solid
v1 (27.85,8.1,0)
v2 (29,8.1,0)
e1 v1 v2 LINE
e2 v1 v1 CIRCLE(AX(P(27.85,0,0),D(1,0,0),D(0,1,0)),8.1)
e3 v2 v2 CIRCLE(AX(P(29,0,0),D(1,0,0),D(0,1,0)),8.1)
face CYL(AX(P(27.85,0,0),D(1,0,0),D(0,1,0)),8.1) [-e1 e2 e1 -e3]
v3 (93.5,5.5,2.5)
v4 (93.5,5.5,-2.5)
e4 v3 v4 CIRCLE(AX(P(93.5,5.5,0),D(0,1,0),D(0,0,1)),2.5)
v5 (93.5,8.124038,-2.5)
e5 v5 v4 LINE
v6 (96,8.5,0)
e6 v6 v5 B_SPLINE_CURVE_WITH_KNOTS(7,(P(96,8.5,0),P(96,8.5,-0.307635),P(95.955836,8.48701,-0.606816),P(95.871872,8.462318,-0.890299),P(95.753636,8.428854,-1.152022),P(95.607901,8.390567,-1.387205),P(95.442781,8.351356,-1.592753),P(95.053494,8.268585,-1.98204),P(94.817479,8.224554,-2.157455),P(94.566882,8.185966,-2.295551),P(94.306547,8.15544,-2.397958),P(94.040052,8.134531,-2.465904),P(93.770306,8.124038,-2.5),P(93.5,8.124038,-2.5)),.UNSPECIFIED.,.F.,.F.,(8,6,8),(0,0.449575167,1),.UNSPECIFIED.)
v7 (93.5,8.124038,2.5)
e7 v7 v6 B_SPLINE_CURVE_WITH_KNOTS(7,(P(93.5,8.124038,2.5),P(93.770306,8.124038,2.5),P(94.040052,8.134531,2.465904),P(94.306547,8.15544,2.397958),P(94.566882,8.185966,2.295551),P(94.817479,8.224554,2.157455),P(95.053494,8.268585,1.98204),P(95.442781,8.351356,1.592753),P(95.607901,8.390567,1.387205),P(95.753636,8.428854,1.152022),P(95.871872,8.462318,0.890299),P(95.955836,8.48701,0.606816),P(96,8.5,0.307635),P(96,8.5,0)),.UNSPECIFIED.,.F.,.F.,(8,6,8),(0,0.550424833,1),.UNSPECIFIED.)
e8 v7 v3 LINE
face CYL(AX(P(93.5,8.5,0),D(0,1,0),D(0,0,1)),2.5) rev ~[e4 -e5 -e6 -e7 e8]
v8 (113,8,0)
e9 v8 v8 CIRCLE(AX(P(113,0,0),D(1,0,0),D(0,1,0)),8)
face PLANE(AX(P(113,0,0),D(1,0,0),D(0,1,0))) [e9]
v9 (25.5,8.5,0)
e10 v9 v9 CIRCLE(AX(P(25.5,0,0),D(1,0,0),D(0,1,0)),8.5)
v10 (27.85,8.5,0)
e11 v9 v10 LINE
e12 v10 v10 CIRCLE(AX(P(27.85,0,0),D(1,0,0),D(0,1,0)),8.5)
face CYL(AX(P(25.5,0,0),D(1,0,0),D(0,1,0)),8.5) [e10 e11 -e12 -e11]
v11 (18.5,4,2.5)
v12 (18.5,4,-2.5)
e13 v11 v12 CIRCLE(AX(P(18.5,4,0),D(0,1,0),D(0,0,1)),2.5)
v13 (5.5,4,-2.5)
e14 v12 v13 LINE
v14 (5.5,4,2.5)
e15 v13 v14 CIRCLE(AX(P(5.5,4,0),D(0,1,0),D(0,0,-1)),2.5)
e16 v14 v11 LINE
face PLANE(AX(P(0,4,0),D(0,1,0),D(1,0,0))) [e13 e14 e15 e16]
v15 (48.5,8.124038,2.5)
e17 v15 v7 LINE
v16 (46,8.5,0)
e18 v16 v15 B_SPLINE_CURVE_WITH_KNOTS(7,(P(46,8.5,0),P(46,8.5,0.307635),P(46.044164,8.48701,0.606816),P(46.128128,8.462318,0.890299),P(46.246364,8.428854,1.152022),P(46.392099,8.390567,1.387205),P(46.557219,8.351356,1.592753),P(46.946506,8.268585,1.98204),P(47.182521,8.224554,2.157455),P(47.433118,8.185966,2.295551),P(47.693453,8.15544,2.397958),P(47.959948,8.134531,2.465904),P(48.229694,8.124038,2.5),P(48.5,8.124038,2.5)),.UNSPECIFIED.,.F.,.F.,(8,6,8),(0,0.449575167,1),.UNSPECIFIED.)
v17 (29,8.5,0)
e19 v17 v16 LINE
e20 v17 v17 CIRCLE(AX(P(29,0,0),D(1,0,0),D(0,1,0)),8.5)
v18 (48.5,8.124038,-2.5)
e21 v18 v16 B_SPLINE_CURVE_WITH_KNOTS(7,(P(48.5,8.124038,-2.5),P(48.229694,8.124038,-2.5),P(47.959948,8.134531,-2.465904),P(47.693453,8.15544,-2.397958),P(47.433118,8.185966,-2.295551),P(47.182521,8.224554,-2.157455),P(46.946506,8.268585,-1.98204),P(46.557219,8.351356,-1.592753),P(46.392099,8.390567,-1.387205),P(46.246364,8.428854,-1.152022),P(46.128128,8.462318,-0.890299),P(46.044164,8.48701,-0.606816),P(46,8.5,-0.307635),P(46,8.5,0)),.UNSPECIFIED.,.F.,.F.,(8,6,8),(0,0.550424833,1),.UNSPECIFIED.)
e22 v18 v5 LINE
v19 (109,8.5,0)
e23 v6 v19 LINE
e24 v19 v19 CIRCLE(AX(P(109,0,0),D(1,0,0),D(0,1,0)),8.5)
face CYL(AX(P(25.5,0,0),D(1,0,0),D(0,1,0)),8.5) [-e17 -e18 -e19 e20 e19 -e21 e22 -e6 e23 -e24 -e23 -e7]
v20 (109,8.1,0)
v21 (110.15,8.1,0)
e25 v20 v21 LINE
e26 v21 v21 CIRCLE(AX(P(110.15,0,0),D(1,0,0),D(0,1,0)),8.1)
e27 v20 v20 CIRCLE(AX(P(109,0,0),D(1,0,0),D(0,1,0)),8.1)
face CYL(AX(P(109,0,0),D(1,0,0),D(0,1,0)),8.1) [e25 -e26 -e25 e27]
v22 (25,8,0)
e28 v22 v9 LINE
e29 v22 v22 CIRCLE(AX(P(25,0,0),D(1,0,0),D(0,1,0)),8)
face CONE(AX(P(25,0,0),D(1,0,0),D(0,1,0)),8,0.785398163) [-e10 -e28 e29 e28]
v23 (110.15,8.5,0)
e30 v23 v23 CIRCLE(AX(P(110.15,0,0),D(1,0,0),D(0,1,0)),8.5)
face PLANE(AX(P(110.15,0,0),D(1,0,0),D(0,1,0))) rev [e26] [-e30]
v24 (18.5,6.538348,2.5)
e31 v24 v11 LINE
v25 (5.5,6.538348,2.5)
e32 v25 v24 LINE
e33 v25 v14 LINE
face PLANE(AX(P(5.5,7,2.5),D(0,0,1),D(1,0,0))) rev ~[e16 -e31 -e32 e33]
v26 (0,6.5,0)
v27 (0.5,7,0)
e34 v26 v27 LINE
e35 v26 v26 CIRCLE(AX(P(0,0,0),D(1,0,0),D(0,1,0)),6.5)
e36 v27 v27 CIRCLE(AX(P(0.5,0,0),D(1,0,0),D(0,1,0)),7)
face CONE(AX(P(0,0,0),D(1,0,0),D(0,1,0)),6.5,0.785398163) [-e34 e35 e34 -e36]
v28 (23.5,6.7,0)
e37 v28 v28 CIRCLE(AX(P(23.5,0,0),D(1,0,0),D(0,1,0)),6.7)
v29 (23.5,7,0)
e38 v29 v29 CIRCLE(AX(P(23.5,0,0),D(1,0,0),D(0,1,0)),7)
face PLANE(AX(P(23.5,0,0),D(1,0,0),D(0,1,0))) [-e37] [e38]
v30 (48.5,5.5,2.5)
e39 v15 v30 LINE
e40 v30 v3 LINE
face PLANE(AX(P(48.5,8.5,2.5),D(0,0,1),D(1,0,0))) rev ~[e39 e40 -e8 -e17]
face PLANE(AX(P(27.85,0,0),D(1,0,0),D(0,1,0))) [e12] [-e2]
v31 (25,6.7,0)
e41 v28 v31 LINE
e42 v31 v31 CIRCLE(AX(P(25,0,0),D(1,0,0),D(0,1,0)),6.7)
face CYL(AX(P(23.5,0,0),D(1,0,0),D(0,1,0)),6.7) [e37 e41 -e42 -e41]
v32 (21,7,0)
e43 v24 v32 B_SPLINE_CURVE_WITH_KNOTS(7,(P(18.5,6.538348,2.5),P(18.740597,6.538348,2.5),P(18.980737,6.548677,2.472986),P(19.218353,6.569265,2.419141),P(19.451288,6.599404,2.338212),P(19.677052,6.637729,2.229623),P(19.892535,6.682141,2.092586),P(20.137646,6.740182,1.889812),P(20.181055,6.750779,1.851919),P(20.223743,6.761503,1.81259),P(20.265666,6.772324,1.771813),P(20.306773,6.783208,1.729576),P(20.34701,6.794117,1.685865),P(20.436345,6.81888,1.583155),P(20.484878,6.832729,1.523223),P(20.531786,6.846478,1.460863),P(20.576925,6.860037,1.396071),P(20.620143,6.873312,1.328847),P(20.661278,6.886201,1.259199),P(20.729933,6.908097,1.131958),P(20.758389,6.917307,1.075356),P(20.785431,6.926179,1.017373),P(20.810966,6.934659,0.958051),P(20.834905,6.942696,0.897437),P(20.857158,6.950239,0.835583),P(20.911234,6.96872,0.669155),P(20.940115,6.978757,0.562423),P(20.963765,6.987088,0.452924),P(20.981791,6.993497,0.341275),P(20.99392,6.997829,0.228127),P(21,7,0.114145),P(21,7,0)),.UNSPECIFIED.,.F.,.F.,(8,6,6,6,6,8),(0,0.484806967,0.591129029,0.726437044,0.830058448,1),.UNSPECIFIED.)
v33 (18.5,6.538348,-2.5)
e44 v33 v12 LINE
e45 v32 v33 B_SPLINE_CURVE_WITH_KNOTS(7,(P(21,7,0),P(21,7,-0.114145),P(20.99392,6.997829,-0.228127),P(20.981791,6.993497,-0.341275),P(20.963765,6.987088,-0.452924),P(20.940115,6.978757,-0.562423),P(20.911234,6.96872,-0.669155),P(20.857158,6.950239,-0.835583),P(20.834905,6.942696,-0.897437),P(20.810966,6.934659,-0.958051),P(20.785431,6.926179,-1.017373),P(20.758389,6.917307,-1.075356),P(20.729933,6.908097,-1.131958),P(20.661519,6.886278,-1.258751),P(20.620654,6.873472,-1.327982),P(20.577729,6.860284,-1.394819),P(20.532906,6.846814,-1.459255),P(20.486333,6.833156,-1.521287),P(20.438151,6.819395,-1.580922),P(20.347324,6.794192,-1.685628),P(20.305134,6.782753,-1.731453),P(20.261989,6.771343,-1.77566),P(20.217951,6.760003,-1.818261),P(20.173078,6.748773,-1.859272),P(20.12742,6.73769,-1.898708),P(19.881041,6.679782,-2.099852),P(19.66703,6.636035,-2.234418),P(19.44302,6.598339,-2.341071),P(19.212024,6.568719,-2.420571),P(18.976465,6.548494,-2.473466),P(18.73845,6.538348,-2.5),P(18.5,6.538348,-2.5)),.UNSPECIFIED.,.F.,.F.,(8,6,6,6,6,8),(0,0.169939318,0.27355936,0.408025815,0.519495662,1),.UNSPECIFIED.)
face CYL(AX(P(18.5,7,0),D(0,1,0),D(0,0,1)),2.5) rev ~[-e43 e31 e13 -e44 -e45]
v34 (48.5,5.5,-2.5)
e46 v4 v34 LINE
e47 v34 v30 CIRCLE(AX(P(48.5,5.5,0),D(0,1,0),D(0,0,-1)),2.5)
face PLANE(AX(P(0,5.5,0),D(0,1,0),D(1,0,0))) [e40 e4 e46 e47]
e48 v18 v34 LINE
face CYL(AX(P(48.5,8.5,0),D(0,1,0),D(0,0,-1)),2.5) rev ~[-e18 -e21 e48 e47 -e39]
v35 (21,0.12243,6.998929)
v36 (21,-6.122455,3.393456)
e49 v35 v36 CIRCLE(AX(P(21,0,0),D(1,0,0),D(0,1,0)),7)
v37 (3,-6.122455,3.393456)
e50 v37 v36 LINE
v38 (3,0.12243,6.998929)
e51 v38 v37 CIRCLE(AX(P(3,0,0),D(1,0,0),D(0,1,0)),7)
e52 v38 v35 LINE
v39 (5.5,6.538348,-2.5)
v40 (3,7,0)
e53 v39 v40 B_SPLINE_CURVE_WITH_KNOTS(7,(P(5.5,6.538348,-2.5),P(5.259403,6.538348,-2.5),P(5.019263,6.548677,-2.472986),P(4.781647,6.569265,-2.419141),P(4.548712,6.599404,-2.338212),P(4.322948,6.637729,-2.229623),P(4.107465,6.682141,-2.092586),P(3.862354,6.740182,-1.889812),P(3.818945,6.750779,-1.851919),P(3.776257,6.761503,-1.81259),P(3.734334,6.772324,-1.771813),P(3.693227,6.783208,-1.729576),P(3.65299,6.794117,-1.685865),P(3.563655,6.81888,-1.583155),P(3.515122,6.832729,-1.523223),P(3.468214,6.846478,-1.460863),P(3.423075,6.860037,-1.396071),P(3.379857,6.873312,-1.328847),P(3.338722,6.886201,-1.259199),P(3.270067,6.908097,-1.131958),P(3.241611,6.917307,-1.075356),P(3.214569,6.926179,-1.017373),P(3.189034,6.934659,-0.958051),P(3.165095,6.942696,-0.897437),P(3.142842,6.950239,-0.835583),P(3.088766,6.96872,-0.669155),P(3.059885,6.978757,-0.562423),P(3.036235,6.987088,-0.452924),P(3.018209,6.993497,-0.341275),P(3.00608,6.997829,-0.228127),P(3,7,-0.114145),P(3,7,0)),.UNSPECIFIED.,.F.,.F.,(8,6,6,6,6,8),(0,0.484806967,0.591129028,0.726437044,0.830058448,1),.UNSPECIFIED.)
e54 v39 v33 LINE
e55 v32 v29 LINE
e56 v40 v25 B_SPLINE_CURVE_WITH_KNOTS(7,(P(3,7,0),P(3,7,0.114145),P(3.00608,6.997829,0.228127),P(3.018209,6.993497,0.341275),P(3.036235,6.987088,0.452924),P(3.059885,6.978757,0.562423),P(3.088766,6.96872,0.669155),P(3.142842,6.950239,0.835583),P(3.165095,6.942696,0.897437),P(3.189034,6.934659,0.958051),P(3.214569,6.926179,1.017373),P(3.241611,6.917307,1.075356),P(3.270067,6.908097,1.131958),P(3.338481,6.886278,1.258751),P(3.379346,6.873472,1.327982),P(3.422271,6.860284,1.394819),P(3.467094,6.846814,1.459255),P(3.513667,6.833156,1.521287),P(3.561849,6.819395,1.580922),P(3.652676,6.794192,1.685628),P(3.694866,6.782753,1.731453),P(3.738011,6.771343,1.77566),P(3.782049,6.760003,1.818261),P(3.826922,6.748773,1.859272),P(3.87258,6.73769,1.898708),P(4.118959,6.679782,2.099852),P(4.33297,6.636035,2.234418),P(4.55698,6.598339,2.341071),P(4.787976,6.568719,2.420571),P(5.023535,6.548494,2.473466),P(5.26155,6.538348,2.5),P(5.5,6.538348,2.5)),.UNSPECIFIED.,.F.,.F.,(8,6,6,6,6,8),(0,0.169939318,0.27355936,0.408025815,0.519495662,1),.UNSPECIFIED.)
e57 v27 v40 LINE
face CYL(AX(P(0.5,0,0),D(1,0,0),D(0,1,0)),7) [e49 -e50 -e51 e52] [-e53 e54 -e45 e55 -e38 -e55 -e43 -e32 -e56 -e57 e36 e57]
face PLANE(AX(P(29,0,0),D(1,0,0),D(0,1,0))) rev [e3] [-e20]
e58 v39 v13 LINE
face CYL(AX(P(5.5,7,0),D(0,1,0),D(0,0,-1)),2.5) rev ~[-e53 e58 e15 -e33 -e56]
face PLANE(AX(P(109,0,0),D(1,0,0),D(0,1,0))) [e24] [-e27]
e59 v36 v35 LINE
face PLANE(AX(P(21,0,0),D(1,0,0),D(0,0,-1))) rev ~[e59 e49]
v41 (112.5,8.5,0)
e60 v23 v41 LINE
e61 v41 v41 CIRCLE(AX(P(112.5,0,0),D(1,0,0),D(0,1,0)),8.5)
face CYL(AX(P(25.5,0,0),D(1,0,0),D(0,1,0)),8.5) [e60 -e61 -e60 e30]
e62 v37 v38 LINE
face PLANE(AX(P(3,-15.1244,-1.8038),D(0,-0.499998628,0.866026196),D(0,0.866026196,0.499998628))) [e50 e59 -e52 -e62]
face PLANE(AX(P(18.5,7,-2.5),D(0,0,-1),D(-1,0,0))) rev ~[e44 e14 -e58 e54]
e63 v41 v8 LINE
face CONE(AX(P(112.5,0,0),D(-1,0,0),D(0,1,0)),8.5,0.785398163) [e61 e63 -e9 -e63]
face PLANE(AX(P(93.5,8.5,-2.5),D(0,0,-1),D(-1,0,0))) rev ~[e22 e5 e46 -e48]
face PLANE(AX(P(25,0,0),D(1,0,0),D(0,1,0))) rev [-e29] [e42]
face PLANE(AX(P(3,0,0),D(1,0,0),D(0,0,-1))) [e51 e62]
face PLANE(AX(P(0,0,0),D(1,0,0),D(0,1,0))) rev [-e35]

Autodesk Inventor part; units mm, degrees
sketch "Sketch_1" plane through (0, 0, 0) normal (0, 0, 1) x (1, 0, 0)
  line L0 (113, 0) -> (0, 0)
  line L1 (0, 0) -> (0, 6.5)
  line L2 (0, 6.5) -> (0.5, 7)
  line L3 (0.5, 7) -> (25, 7)
  line L4 (25, 7) -> (25, 8)
  line L5 (25, 8) -> (25.5, 8.5)
  line L6 (25.5, 8.5) -> (112.5, 8.5)
  line L7 (112.5, 8.5) -> (113, 8)
  line L8 (113, 8) -> (113, 0)
  line L9 (113, 0) -> (0, 0)
revolve "Revolution1" add sketch "Sketch_1" angle 360 about axis through (113, 0, 0) along (1, 0, 0)
sketch "Sketch_2" plane through (0, 0, 0) normal (0, 0, 1) x (1, 0, 0)
  line L0 (50, 0) -> (-50, 0)
  line L1 (23.5, 21) -> (23.5, 6.7)
  line L2 (23.5, 6.7) -> (25, 6.7)
  line L3 (25, 6.7) -> (25, 21)
  line L4 (25, 21) -> (23.5, 21)
revolve "Revolution2" cut sketch "Sketch_2" angle 360 about axis through (50, 0, 0) along (1, 0, 0)
sketch "Sketch_15" plane through (0, 0, 0) normal (0, 0, 1) x (1, 0, 0)
  line L0 (50, 0) -> (-50, 0)
  line L1 (27.85, 25.1) -> (27.85, 8.1)
  line L2 (27.85, 8.1) -> (29, 8.1)
  line L3 (29, 8.1) -> (29, 25.1)
  line L4 (29, 25.1) -> (27.85, 25.1)
revolve "Revolution3" cut sketch "Sketch_15" angle 360 about axis through (50, 0, 0) along (1, 0, 0)
sketch "Sketch_16" plane through (0, 0, 0) normal (0, 0, 1) x (1, 0, 0)
  line L0 (113, 0) -> (-50, 0)
  line L1 (109, 25.1) -> (109, 8.1)
  line L2 (109, 8.1) -> (110.15, 8.1)
  line L3 (110.15, 8.1) -> (110.15, 25.1)
  line L4 (110.15, 25.1) -> (109, 25.1)
revolve "Revolution4" cut sketch "Sketch_16" angle 360 about axis through (113, 0, 0) along (1, 0, 0)
sketch "Sketch_20" plane through (0, 8.5, 0) normal (0, 1, 0) x (1, 0, 0)
  arc A0 (48.5, 2.5) -> (48.5, -2.5) centre (48.5, 0) ccw
  line L0 (48.5, -2.5) -> (93.5, -2.5)
  arc A1 (93.5, -2.5) -> (93.5, 2.5) centre (93.5, 0) ccw
  line L1 (93.5, 2.5) -> (48.5, 2.5)
extrude "Extrusion1" cut sketch "Sketch_20" against normal blind 3
sketch "Sketch_21" plane through (0, 7, 0) normal (0, 1, 0) x (1, 0, 0)
  arc A0 (5.5, 2.5) -> (5.5, -2.5) centre (5.5, 0) ccw
  line L0 (5.5, -2.5) -> (18.5, -2.5)
  arc A1 (18.5, -2.5) -> (18.5, 2.5) centre (18.5, 0) ccw
  line L1 (18.5, 2.5) -> (5.5, 2.5)
extrude "Extrusion2" cut sketch "Sketch_21" against normal blind 3
sketch "Sketch_63" plane through (3, 0, 0) normal (1, 0, 0) x (0, 0, -1)
  line L0 (-13.0622, 8.6244) -> (0.9378, -15.6244)
  line L1 (0.9378, -15.6244) -> (1.8038, -15.1244)
  line L2 (1.8038, -15.1244) -> (-12.1962, 9.1244)
  line L3 (-12.1962, 9.1244) -> (-13.0622, 8.6244)
extrude "Extrusion3" cut sketch "Sketch_63" along normal blind 18
ref_plane "to_c_ring_2_XY" through (28.425, 0, 0) normal (1, 0, 0) x (0, 0, 1)
ref_plane "to_c_ring_2_YZ" through (28.425, 0, 0) normal (0, 0, 1) x (0, -1, 0)
ref_plane "to_c_ring_2_ZX" through (28.425, 0, 0) normal (0, -1, 0) x (1, 0, 0)
ref_plane "to_c_ring_3_XY" through (109.575, 0, 0) normal (1, 0, 0) x (0, 0, 1)
ref_plane "to_c_ring_3_YZ" through (109.575, 0, 0) normal (0, 0, 1) x (0, -1, 0)
ref_plane "to_c_ring_3_ZX" through (109.575, 0, 0) normal (0, -1, 0) x (1, 0, 0)
properties part number "KZBN17-113-P14-LA25-TC4-TB4-KB21-HB50-ZA3-HA18-AA120_b" material "Stainless Steel"
